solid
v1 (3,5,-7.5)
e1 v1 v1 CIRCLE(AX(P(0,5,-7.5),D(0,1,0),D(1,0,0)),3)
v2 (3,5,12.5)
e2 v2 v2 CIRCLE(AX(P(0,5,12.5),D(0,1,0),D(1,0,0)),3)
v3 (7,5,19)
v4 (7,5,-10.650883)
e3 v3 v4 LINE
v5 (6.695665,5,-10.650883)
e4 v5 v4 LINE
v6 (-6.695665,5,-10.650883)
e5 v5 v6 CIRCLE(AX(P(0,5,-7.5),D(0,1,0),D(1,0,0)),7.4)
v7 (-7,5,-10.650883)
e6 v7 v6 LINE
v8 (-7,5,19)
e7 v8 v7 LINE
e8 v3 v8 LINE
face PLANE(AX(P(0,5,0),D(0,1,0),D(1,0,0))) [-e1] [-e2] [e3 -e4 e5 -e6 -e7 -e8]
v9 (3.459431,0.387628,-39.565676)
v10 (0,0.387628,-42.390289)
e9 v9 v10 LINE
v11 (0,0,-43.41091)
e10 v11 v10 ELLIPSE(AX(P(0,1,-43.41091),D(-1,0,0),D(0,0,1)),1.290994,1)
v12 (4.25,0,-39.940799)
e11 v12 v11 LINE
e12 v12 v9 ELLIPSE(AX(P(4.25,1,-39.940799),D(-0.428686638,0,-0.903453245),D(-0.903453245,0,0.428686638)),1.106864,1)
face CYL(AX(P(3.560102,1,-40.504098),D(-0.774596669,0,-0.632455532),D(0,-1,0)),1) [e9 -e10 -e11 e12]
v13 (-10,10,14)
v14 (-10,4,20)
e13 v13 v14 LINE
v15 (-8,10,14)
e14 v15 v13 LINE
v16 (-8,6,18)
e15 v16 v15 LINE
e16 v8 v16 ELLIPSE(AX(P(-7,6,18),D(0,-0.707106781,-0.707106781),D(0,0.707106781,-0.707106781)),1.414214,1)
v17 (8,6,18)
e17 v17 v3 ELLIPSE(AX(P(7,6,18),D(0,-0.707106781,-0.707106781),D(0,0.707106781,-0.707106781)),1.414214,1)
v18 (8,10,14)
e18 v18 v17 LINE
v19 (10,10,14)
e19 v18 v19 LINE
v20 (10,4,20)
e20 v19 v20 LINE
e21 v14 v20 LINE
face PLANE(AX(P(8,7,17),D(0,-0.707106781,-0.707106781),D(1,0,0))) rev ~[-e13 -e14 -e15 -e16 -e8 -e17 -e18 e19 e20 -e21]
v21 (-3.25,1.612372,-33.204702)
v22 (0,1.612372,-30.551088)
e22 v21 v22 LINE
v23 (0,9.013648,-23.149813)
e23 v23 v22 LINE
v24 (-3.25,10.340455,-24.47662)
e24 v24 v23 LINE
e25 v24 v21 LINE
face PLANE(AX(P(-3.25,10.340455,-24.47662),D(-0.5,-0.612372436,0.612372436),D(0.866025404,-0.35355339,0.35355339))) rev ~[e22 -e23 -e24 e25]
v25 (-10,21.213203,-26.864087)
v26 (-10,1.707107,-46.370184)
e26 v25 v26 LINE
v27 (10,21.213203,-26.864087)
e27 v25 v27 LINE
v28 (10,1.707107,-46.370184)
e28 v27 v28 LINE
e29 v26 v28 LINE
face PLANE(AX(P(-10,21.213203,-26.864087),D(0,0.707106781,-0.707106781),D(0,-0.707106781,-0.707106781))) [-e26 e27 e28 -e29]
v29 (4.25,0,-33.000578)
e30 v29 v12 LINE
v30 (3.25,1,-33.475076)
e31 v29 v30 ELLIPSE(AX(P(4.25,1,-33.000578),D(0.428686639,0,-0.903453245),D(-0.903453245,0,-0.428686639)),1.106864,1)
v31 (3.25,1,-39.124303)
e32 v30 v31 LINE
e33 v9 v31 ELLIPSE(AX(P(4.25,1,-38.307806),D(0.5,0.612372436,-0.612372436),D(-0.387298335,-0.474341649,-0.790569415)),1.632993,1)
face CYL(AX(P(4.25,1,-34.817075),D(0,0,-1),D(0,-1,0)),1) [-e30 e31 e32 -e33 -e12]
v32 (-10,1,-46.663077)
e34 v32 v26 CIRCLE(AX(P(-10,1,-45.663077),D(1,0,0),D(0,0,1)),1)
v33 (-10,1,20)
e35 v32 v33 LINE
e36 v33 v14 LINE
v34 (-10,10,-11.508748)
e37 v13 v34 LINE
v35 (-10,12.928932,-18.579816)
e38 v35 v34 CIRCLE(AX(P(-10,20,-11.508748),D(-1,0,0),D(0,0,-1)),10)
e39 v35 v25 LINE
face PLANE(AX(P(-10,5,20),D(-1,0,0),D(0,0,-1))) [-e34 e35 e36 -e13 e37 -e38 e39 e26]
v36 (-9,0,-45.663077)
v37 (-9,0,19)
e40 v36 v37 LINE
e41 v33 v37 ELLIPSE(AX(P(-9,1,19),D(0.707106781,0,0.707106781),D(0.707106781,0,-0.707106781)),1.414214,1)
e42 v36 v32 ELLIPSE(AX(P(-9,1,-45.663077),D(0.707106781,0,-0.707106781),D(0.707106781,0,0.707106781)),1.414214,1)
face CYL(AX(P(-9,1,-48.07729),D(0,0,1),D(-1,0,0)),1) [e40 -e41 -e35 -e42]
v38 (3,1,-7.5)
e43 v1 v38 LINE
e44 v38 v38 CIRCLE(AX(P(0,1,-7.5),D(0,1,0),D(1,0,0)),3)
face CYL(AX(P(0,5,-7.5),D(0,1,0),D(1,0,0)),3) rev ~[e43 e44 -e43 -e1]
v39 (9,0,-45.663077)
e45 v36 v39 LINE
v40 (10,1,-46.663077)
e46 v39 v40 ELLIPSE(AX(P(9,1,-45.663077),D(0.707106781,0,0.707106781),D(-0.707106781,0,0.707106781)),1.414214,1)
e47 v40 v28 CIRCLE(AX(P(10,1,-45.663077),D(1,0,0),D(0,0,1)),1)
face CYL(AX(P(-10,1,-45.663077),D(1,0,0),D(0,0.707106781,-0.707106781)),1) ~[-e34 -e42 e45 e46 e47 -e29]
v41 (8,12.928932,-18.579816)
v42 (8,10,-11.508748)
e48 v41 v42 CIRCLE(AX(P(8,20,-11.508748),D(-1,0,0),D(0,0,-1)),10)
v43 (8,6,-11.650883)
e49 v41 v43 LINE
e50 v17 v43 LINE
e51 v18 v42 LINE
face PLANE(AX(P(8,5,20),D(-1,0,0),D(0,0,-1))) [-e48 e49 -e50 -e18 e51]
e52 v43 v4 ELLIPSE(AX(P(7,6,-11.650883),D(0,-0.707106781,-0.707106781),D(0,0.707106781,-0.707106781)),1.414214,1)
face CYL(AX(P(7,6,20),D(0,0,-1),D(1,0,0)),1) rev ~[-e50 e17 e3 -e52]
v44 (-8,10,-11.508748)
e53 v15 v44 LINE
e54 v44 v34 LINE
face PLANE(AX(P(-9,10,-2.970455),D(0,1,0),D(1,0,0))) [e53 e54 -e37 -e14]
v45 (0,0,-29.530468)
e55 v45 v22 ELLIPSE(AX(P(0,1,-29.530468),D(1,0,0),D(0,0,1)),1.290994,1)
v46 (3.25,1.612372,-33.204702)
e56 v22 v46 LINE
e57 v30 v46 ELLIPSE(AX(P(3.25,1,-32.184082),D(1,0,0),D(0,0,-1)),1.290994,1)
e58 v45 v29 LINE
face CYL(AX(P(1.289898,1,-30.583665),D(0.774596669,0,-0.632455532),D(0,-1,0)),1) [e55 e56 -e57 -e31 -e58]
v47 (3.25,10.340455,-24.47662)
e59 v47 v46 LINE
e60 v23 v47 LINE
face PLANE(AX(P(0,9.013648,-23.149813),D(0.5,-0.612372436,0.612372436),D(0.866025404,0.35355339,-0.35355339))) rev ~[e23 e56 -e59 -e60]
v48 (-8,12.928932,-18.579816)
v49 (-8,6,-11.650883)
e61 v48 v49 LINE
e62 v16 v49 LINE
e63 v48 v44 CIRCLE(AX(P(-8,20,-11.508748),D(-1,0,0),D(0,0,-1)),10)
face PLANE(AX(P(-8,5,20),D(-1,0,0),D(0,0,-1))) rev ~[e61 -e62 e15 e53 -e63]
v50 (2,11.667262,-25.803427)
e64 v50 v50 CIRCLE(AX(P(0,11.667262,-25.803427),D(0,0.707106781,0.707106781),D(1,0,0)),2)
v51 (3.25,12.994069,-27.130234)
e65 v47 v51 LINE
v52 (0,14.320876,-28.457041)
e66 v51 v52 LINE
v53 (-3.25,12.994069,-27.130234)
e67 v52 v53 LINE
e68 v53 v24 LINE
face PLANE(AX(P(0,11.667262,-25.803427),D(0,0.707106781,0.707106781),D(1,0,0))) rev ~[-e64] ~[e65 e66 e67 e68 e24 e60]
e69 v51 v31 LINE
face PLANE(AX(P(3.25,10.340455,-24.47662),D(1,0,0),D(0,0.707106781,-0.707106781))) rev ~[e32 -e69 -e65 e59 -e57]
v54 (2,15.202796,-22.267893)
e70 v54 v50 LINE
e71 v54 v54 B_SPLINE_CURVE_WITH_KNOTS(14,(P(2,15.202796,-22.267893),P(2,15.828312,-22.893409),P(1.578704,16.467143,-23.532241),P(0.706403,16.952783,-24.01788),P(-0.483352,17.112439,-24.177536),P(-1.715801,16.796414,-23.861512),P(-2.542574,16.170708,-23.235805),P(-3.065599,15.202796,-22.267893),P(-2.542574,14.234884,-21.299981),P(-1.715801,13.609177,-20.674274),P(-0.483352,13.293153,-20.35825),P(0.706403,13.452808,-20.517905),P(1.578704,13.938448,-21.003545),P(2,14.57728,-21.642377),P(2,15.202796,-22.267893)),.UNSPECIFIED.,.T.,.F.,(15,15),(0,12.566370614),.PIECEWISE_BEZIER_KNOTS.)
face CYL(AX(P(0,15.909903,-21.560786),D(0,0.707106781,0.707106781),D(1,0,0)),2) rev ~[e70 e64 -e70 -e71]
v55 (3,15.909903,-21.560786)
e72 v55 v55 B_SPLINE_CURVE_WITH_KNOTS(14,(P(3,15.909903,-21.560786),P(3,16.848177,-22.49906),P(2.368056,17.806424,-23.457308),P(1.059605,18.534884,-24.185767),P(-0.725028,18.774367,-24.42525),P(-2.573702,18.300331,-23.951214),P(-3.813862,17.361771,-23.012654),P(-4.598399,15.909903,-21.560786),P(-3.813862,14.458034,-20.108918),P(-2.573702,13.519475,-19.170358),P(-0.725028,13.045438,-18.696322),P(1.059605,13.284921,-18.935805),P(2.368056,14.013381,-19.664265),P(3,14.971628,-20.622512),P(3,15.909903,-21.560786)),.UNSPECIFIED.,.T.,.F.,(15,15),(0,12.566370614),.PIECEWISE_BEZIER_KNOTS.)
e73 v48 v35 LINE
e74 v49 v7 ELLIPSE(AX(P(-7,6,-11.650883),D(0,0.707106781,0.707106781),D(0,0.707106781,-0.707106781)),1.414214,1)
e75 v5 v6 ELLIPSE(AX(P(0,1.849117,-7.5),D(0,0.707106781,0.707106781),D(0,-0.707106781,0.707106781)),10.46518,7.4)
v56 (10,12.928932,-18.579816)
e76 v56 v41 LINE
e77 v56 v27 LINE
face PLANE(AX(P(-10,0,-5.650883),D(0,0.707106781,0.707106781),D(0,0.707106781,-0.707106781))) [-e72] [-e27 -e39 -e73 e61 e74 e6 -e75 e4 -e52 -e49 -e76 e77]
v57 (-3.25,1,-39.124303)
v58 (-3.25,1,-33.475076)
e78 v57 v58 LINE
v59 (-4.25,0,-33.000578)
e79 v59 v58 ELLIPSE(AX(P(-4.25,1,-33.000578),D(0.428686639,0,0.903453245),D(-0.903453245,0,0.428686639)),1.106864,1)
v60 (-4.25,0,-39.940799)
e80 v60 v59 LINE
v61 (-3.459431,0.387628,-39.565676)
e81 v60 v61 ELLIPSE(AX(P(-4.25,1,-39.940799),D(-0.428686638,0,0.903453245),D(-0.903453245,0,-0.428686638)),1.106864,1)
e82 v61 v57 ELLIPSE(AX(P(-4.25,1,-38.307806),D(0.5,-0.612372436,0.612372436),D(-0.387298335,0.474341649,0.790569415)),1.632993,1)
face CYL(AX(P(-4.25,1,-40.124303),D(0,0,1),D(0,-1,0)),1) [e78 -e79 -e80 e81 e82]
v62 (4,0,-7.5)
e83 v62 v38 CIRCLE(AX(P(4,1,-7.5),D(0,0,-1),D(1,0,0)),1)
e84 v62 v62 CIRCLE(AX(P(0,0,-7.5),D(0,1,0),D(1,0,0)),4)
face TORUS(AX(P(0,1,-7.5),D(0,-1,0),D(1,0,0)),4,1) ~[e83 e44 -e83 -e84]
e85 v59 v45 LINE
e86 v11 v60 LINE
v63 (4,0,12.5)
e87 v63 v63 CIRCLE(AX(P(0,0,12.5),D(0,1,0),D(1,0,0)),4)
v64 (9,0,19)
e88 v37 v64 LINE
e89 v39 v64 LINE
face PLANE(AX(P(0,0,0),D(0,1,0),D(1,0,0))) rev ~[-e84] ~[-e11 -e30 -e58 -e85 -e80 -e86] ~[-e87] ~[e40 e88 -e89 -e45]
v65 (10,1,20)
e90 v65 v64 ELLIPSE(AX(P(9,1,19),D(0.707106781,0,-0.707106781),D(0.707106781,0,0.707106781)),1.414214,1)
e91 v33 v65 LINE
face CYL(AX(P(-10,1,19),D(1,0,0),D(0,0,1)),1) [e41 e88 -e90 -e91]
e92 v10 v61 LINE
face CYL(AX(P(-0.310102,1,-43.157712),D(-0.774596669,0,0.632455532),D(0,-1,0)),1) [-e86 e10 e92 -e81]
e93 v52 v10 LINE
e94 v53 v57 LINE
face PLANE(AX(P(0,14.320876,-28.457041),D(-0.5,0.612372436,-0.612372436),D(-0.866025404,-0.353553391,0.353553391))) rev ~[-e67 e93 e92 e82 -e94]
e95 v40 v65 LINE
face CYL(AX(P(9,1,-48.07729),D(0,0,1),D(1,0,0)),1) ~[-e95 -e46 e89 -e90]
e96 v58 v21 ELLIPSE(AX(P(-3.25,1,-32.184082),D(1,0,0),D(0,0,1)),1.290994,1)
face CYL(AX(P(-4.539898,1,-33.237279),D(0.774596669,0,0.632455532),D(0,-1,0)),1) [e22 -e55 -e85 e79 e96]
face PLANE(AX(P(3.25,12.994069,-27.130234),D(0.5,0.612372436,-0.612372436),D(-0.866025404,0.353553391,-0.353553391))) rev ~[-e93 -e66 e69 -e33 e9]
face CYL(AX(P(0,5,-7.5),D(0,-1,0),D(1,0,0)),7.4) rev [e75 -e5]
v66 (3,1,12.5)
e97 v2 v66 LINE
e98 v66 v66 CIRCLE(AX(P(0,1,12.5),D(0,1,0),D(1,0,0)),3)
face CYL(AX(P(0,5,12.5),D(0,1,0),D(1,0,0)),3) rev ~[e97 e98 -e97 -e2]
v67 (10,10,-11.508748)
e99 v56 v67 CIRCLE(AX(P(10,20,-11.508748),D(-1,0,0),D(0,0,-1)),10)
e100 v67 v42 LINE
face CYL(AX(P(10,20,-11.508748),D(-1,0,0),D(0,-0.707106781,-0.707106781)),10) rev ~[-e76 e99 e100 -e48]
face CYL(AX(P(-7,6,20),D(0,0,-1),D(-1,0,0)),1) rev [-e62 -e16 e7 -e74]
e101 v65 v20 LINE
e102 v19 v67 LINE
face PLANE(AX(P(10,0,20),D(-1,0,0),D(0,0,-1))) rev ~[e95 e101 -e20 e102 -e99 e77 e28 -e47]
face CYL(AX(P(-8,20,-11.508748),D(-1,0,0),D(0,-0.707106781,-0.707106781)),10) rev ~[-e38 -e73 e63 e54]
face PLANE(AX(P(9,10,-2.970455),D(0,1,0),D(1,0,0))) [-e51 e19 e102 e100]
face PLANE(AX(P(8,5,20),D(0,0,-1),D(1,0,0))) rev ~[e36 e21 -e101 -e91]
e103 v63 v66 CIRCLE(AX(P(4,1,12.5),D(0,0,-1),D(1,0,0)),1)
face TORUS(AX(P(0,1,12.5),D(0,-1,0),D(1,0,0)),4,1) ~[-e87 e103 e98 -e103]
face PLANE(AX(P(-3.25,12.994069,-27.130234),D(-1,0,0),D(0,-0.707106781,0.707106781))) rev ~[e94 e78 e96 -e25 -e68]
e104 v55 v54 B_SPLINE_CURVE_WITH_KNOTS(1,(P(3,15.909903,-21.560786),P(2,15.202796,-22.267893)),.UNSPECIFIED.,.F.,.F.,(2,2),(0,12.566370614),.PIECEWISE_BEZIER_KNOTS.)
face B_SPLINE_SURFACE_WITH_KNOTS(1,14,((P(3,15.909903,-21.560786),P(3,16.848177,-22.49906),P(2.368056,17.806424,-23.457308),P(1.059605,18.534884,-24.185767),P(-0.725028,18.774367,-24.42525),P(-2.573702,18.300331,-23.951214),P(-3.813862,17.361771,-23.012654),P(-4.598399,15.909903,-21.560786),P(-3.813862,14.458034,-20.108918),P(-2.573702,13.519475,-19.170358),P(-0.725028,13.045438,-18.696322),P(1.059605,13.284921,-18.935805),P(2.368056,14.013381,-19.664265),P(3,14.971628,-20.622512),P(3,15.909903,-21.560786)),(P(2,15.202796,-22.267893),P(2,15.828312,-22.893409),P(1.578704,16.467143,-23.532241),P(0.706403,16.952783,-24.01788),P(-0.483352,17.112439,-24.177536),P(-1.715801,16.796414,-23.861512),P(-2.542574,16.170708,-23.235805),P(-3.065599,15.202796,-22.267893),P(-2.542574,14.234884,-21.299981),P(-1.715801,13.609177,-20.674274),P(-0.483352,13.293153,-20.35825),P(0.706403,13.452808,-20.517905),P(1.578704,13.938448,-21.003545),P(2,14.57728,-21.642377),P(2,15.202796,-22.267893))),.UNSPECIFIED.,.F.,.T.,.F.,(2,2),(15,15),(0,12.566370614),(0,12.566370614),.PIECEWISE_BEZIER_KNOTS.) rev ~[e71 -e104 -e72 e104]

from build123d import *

# Parameters (mm, degrees)
SKETCH1_W           = 20
SKETCH1_H           = 40
BOSS_EXTRUDE1_DEPTH = 5
BOSS_EXTRUDE2_DEPTH = 20
SKETCH3_R           = 3
CUT_EXTRUDE1_DEPTH  = 15
LPATTERN1_COUNT     = 2
LPATTERN1_PITCH     = 20
SKETCH4_R           = 7.4
CUT_EXTRUDE2_DEPTH  = 15
SKETCH5_R           = 2
CUT_EXTRUDE3_DEPTH  = 50
CUT_EXTRUDE4_START  = -6
CUT_EXTRUDE4_DEPTH  = 40
CHAMFER1_SIZE       = 1
FILLET2_R           = 1
SKETCH7_W           = 2
SKETCH7_H           = 45.940909218
BOSS_EXTRUDE3_DEPTH = 5
LPATTERN2_COUNT     = 2
LPATTERN2_PITCH     = 18
FILLET3_R           = 1
CHAMFER2_SIZE       = 6
FILLET4_R           = 10


with BuildPart() as part:
    # Sketch1 → Boss-Extrude1 (new body)
    with BuildSketch(Plane(origin=(0, 0, 0), x_dir=(1, 0, 0), z_dir=(0, 1, 0))):
        Rectangle(SKETCH1_W, SKETCH1_H)
    extrude(amount=BOSS_EXTRUDE1_DEPTH)

    # Sketch2 → Boss-Extrude2 (add)
    with BuildSketch(Plane.ZY.offset(10)):
        Polygon((-5.650883497, 0), (-26.864086932, 21.213203436), (-48.077290368, 0), align=None)
    extrude(amount=-BOSS_EXTRUDE2_DEPTH)

    # Sketch3 → Cut-Extrude1 (cut)
    with BuildSketch(Plane(origin=(0, 5, 0), x_dir=(1, 0, 0), z_dir=(0, 1, 0))):
        with Locations((0, -12.5)):
            Circle(SKETCH3_R)
    cut_extrude1 = extrude(amount=-CUT_EXTRUDE1_DEPTH, mode=Mode.SUBTRACT)

    # LPattern1: Cut-Extrude1 ×2
    with Locations(*[(0, 0, -i * LPATTERN1_PITCH) for i in range(1, LPATTERN1_COUNT)]):
        add(cut_extrude1, mode=Mode.SUBTRACT)

    # Sketch4 → Cut-Extrude2 (cut)
    with BuildSketch(Plane(origin=(0, 5, 0), x_dir=(1, 0, 0), z_dir=(0, 1, 0))):
        with Locations((0, 7.5)):
            Circle(SKETCH4_R)
    extrude(amount=CUT_EXTRUDE2_DEPTH, mode=Mode.SUBTRACT)

    # Sketch5 → Cut-Extrude3 (cut)
    with BuildSketch(Plane(origin=(0, -2.825441748, -2.825441748), x_dir=(1, 0, 0), z_dir=(0, 0.707106781, 0.707106781))):
        with Locations((0, 26.49577804)):
            Circle(SKETCH5_R)
    extrude(amount=-CUT_EXTRUDE3_DEPTH, mode=Mode.SUBTRACT)

    # Sketch6 → Cut-Extrude4 (cut)
    with BuildSketch(Plane(origin=(0, -2.825441748, -2.825441748), x_dir=(1, 0, 0), z_dir=(0, 0.707106781, 0.707106781)).offset(CUT_EXTRUDE4_START)):
        Polygon((0, 30.24855479), (-3.25, 28.372166415), (-3.25, 24.619389665), (0, 22.743001291), (3.25, 24.619389665), (3.25, 28.372166415), align=None)
    extrude(amount=-CUT_EXTRUDE4_DEPTH, mode=Mode.SUBTRACT)

    # Chamfer1
    chamfer1_edges = [part.edges().sort_by_distance(p)[0] for p in [
        (-2, 15.909902577, -21.560786074),
    ]]
    chamfer(chamfer1_edges, length=CHAMFER1_SIZE)

    # Fillet2
    fillet2_edges = [part.edges().sort_by_distance(p)[0] for p in [
        (0, 0, -48.077290368),
        (-3, 0, 12.5),
        (-3, 0, -7.5),
        (0, 0, 20),
        (-10, 0, -14.038645184),
        (-1.625, 0, -41.451109482),
        (-3.25, 0, -37.47068865),
        (-1.625, 0, -33.490267818),
        (1.625, 0, -33.490267818),
        (3.25, 0, -37.47068865),
        (1.625, 0, -41.451109482),
        (10, 0, -14.038645184),
    ]]
    fillet(fillet2_edges, radius=FILLET2_R)

    # Sketch7 → Boss-Extrude3 (add)
    with BuildSketch(Plane(origin=(0, 5, 0), x_dir=(1, 0, 0), z_dir=(0, 1, 0))):
        with Locations((-9, 2.970454609)):
            Rectangle(SKETCH7_W, SKETCH7_H)
    boss_extrude3 = extrude(amount=BOSS_EXTRUDE3_DEPTH)

    # LPattern2: Boss-Extrude3 ×2
    with Locations(*[(i * LPATTERN2_PITCH, 0, 0) for i in range(1, LPATTERN2_COUNT)]):
        add(boss_extrude3)

    # Fillet3
    fillet3_edges = [part.edges().sort_by_distance(p)[0] for p in [
        (-8, 5, 4.674558252),
        (8, 5, 4.674558252),
    ]]
    fillet(fillet3_edges, radius=FILLET3_R)

    # Chamfer2
    chamfer2_edges = [part.edges().sort_by_distance(p)[0] for p in [
        (9, 10, 20),
    ]]
    chamfer(chamfer2_edges, length=CHAMFER2_SIZE)

    # Fillet4
    fillet4_edges = [part.edges().sort_by_distance(p)[0] for p in [
        (-9, 10, -15.650883497),
        (9, 10, -15.650883497),
    ]]
    fillet(fillet4_edges, radius=FILLET4_R)


solid = part.part
